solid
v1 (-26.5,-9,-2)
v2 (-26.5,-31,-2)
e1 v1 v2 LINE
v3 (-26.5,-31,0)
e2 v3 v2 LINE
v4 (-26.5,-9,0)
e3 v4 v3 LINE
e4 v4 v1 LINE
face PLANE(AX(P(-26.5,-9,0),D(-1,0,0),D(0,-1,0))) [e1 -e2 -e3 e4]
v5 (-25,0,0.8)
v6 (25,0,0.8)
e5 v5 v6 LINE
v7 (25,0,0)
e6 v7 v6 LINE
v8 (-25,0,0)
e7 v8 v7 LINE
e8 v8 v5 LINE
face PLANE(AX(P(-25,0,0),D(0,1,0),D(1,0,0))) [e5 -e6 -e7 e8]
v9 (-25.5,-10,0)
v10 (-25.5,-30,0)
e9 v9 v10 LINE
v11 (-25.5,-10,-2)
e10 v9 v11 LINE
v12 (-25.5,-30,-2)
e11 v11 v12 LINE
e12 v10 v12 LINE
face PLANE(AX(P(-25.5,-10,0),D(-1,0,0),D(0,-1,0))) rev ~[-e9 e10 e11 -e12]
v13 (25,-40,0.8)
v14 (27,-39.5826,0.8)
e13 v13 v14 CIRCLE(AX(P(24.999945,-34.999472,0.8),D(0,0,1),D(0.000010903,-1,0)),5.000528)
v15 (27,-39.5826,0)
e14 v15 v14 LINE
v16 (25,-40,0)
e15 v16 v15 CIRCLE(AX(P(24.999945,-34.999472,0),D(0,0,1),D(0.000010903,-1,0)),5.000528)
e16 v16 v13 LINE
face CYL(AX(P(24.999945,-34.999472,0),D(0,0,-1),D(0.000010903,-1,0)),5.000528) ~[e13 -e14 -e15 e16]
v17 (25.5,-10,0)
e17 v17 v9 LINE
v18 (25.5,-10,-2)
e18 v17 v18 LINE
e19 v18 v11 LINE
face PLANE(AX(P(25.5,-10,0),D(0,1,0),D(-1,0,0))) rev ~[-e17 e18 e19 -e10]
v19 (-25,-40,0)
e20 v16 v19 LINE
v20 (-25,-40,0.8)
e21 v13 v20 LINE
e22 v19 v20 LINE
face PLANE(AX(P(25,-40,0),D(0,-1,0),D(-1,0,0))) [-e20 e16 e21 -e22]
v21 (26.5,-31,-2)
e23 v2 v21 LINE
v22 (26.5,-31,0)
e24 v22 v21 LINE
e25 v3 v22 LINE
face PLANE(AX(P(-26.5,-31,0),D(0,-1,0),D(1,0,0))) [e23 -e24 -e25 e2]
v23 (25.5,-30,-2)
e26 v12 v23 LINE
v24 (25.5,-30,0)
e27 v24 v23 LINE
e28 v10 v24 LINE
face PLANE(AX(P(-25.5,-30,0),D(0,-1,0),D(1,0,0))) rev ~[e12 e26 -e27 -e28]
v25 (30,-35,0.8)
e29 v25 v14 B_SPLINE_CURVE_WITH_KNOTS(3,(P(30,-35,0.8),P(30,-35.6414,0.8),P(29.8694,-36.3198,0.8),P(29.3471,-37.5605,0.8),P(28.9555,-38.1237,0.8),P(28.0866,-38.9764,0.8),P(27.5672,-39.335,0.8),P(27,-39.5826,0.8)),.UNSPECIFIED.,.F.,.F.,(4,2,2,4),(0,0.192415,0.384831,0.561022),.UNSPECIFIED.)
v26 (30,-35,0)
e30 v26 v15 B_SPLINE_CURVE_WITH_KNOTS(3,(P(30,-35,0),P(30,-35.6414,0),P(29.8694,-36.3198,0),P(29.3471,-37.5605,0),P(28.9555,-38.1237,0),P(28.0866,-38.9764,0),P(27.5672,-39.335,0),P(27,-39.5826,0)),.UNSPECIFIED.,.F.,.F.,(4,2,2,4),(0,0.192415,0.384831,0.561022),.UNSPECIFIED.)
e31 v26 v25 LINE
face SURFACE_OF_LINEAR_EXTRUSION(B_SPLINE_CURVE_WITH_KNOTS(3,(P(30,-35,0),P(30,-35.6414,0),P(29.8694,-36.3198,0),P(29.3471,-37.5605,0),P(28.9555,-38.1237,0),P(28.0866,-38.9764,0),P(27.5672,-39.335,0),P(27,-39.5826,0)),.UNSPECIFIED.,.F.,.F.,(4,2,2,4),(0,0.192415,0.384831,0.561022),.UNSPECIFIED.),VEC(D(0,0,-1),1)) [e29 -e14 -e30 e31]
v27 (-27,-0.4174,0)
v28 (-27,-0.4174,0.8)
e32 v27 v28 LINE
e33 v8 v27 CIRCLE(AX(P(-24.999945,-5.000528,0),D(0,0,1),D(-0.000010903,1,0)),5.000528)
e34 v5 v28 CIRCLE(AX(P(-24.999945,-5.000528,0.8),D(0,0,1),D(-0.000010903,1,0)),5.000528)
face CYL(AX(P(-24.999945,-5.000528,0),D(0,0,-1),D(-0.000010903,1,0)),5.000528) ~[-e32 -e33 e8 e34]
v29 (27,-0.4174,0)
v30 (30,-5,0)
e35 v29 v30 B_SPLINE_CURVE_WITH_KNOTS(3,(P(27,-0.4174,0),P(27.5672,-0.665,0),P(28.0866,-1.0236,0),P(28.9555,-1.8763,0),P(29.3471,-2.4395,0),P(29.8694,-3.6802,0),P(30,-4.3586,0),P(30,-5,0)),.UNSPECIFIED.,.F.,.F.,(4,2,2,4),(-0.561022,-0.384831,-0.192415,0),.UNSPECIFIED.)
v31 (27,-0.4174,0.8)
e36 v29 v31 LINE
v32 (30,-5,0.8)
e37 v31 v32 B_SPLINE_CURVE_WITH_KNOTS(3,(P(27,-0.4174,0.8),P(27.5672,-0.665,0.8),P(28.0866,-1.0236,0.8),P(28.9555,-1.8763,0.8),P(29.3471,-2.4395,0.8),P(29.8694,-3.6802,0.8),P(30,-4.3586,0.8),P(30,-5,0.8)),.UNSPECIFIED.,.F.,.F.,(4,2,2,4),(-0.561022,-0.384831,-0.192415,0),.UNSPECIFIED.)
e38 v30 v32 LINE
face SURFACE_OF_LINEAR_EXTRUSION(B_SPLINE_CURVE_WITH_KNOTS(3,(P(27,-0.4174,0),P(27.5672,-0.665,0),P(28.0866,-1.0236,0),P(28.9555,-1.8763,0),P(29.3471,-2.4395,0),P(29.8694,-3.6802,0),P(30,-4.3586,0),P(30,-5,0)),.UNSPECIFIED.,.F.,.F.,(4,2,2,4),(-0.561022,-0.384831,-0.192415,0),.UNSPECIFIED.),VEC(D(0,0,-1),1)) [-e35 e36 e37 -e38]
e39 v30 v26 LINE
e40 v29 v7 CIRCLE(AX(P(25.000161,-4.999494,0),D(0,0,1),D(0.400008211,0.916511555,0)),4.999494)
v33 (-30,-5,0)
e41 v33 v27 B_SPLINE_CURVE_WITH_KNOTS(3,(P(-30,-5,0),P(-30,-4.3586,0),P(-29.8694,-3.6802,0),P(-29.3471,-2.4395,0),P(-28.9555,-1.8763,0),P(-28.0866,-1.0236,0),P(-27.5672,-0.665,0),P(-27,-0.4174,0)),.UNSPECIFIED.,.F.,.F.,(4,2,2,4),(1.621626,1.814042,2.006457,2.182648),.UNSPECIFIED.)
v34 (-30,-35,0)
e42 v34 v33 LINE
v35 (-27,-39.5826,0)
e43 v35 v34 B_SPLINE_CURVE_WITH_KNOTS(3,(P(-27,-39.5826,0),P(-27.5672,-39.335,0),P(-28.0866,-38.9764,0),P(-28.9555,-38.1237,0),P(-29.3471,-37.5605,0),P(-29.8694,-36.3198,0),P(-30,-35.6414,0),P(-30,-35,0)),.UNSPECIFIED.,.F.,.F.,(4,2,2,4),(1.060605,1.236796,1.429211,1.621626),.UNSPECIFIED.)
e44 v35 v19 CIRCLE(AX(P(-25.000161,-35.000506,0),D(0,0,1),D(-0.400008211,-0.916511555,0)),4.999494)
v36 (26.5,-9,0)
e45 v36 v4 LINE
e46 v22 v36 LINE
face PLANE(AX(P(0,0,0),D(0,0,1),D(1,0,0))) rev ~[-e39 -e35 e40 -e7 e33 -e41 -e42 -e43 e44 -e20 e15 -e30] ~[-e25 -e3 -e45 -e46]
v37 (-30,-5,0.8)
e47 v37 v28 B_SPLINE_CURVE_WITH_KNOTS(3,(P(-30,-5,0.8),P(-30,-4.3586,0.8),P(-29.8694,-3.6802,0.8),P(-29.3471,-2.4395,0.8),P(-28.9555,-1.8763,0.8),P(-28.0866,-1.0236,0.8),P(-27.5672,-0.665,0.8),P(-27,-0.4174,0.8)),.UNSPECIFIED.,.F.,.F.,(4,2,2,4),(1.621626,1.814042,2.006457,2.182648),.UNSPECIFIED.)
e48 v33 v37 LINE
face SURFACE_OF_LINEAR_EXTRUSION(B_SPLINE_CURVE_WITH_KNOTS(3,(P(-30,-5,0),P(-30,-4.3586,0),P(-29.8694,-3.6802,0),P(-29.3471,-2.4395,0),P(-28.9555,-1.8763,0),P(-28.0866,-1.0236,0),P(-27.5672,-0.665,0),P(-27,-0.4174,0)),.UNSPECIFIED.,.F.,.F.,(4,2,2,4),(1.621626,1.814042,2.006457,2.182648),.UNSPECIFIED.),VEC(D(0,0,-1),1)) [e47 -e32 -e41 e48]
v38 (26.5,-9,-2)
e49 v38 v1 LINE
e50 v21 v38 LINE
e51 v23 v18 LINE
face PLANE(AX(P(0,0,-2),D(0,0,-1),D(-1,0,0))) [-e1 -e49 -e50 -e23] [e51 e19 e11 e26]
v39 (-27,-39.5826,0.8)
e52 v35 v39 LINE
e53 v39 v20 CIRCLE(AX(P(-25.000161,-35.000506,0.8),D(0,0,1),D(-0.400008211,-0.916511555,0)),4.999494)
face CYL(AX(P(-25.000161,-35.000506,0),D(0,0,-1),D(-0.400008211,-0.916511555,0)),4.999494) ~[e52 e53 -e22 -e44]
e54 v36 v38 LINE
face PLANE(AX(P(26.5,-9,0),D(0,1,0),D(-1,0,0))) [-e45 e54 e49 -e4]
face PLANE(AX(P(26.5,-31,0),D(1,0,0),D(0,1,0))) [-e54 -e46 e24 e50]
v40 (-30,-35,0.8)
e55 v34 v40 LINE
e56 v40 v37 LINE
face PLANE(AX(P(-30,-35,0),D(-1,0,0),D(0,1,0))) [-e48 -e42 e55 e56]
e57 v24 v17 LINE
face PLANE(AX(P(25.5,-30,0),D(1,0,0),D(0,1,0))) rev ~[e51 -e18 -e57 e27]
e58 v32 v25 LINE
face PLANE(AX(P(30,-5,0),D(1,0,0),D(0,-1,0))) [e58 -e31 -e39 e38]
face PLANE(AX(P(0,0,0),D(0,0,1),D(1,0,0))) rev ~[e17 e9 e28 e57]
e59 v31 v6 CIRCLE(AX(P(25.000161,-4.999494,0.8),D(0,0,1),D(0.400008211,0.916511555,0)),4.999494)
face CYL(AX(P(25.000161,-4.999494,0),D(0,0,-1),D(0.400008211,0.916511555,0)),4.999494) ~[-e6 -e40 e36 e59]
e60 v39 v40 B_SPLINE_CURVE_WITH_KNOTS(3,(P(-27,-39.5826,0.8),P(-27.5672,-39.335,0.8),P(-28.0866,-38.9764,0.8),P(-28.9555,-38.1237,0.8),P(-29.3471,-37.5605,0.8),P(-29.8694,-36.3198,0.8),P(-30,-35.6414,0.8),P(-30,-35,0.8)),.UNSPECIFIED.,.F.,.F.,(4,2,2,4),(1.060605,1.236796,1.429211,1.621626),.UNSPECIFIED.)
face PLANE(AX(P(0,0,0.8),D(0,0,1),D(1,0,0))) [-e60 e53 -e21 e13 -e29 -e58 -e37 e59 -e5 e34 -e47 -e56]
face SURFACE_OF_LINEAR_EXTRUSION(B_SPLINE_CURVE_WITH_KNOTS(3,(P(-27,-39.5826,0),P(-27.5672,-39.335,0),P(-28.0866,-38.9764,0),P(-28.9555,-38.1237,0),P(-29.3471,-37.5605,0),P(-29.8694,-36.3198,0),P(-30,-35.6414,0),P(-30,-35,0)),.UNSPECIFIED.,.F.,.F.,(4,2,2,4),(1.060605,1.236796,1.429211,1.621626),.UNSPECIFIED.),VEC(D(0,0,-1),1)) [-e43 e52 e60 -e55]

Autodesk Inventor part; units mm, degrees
ref_plane "YZ Plane" through (0, 0, 0) normal (1, 0, 0) x (0, 1, 0)
ref_plane "XZ Plane" through (0, 0, 0) normal (0, 1, 0) x (-1, 0, 0)
ref_plane "XY Plane" through (0, 0, 0) normal (0, 0, 1) x (1, 0, 0)
sketch "Sketch1" plane through (0, 0, 0) normal (0, 0, 1) x (1, 0, 0)
  spline S0 degree 3 poles (-30, -5) (-30, -4.3586) (-29.8694, -3.6802) (-29.3471, -2.4395) (-28.9555, -1.8763) (-28.0866, -1.0236) (-27.5672, -0.665) (-27, -0.4174) knots 1.621626 1.621626 1.621626 1.621626 1.814042 1.814042 2.006457 2.006457 2.182648 2.182648 2.182648 2.182648 projected
  line L0 (-25, 0) -> (25, 0) projected
  spline S1 degree 3 poles (27, -0.4174) (27.5672, -0.665) (28.0866, -1.0236) (28.9555, -1.8763) (29.3471, -2.4395) (29.8694, -3.6802) (30, -4.3586) (30, -5) knots -0.561022 -0.561022 -0.561022 -0.561022 -0.384831 -0.384831 -0.192415 -0.192415 0 0 0 0 projected
  line L1 (30, -5) -> (30, -35) projected
  spline S2 degree 3 poles (30, -35) (30, -35.6414) (29.8694, -36.3198) (29.3471, -37.5605) (28.9555, -38.1237) (28.0866, -38.9764) (27.5672, -39.335) (27, -39.5826) knots 0 0 0 0 0.192415 0.192415 0.384831 0.384831 0.561022 0.561022 0.561022 0.561022 projected
  line L2 (25, -40) -> (-25, -40) projected
  line L3 (-30, -35) -> (-30, -5) projected
  spline S3 degree 3 poles (-27, -39.5826) (-27.5672, -39.335) (-28.0866, -38.9764) (-28.9555, -38.1237) (-29.3471, -37.5605) (-29.8694, -36.3198) (-30, -35.6414) (-30, -35) knots 1.060605 1.060605 1.060605 1.060605 1.236796 1.236796 1.429211 1.429211 1.621626 1.621626 1.621626 1.621626 projected
  arc A0 (-25, 0) -> (-27, -0.4174) centre (-25, -5) ccw projected
  arc A1 (27, -0.4174) -> (25, 0) centre (25, -5) ccw projected
  arc A2 (25, -40) -> (27, -39.5826) centre (25, -35) ccw projected
  arc A3 (-27, -39.5826) -> (-25, -40) centre (-25, -35) ccw projected
  point P0 (0, 0)
  dimension "d8" = 60
  dimension "d9" = 40
extrude "Extrusion1" add sketch "Sketch1" along normal blind 0.8
sketch "Sketch2" plane through (0, 0, 0) normal (0, 0, -1) x (-1, 0, 0)
  line L0 (-25.5, -10) -> (25.5, -10)
  line L1 (25.5, -10) -> (25.5, -30)
  line L2 (25.5, -30) -> (-25.5, -30)
  line L3 (-25.5, -30) -> (-25.5, -10)
  line L4 (-25.5, -10) -> (25.5, -30) construction
  line L5 (25.5, -10) -> (-25.5, -30) construction
  line L6 (-26.5, -9) -> (26.5, -9)
  line L7 (26.5, -9) -> (26.5, -31)
  line L8 (26.5, -31) -> (-26.5, -31)
  line L9 (-26.5, -31) -> (-26.5, -9)
  line L10 (-26.5, -9) -> (26.5, -31) construction
  line L11 (26.5, -9) -> (-26.5, -31) construction
  point P0 (0, 0)
  point P1 (0, -20)
  point P2 (0, -20)
  dimension "d2" = 51
  dimension "d3" = 20
  dimension "d4" = 53
  dimension "d5" = 22
extrude "Extrusion2" add sketch "Sketch2" along normal blind 2
properties part number "obudowa - budzik v7 plexi" material "Glass"
